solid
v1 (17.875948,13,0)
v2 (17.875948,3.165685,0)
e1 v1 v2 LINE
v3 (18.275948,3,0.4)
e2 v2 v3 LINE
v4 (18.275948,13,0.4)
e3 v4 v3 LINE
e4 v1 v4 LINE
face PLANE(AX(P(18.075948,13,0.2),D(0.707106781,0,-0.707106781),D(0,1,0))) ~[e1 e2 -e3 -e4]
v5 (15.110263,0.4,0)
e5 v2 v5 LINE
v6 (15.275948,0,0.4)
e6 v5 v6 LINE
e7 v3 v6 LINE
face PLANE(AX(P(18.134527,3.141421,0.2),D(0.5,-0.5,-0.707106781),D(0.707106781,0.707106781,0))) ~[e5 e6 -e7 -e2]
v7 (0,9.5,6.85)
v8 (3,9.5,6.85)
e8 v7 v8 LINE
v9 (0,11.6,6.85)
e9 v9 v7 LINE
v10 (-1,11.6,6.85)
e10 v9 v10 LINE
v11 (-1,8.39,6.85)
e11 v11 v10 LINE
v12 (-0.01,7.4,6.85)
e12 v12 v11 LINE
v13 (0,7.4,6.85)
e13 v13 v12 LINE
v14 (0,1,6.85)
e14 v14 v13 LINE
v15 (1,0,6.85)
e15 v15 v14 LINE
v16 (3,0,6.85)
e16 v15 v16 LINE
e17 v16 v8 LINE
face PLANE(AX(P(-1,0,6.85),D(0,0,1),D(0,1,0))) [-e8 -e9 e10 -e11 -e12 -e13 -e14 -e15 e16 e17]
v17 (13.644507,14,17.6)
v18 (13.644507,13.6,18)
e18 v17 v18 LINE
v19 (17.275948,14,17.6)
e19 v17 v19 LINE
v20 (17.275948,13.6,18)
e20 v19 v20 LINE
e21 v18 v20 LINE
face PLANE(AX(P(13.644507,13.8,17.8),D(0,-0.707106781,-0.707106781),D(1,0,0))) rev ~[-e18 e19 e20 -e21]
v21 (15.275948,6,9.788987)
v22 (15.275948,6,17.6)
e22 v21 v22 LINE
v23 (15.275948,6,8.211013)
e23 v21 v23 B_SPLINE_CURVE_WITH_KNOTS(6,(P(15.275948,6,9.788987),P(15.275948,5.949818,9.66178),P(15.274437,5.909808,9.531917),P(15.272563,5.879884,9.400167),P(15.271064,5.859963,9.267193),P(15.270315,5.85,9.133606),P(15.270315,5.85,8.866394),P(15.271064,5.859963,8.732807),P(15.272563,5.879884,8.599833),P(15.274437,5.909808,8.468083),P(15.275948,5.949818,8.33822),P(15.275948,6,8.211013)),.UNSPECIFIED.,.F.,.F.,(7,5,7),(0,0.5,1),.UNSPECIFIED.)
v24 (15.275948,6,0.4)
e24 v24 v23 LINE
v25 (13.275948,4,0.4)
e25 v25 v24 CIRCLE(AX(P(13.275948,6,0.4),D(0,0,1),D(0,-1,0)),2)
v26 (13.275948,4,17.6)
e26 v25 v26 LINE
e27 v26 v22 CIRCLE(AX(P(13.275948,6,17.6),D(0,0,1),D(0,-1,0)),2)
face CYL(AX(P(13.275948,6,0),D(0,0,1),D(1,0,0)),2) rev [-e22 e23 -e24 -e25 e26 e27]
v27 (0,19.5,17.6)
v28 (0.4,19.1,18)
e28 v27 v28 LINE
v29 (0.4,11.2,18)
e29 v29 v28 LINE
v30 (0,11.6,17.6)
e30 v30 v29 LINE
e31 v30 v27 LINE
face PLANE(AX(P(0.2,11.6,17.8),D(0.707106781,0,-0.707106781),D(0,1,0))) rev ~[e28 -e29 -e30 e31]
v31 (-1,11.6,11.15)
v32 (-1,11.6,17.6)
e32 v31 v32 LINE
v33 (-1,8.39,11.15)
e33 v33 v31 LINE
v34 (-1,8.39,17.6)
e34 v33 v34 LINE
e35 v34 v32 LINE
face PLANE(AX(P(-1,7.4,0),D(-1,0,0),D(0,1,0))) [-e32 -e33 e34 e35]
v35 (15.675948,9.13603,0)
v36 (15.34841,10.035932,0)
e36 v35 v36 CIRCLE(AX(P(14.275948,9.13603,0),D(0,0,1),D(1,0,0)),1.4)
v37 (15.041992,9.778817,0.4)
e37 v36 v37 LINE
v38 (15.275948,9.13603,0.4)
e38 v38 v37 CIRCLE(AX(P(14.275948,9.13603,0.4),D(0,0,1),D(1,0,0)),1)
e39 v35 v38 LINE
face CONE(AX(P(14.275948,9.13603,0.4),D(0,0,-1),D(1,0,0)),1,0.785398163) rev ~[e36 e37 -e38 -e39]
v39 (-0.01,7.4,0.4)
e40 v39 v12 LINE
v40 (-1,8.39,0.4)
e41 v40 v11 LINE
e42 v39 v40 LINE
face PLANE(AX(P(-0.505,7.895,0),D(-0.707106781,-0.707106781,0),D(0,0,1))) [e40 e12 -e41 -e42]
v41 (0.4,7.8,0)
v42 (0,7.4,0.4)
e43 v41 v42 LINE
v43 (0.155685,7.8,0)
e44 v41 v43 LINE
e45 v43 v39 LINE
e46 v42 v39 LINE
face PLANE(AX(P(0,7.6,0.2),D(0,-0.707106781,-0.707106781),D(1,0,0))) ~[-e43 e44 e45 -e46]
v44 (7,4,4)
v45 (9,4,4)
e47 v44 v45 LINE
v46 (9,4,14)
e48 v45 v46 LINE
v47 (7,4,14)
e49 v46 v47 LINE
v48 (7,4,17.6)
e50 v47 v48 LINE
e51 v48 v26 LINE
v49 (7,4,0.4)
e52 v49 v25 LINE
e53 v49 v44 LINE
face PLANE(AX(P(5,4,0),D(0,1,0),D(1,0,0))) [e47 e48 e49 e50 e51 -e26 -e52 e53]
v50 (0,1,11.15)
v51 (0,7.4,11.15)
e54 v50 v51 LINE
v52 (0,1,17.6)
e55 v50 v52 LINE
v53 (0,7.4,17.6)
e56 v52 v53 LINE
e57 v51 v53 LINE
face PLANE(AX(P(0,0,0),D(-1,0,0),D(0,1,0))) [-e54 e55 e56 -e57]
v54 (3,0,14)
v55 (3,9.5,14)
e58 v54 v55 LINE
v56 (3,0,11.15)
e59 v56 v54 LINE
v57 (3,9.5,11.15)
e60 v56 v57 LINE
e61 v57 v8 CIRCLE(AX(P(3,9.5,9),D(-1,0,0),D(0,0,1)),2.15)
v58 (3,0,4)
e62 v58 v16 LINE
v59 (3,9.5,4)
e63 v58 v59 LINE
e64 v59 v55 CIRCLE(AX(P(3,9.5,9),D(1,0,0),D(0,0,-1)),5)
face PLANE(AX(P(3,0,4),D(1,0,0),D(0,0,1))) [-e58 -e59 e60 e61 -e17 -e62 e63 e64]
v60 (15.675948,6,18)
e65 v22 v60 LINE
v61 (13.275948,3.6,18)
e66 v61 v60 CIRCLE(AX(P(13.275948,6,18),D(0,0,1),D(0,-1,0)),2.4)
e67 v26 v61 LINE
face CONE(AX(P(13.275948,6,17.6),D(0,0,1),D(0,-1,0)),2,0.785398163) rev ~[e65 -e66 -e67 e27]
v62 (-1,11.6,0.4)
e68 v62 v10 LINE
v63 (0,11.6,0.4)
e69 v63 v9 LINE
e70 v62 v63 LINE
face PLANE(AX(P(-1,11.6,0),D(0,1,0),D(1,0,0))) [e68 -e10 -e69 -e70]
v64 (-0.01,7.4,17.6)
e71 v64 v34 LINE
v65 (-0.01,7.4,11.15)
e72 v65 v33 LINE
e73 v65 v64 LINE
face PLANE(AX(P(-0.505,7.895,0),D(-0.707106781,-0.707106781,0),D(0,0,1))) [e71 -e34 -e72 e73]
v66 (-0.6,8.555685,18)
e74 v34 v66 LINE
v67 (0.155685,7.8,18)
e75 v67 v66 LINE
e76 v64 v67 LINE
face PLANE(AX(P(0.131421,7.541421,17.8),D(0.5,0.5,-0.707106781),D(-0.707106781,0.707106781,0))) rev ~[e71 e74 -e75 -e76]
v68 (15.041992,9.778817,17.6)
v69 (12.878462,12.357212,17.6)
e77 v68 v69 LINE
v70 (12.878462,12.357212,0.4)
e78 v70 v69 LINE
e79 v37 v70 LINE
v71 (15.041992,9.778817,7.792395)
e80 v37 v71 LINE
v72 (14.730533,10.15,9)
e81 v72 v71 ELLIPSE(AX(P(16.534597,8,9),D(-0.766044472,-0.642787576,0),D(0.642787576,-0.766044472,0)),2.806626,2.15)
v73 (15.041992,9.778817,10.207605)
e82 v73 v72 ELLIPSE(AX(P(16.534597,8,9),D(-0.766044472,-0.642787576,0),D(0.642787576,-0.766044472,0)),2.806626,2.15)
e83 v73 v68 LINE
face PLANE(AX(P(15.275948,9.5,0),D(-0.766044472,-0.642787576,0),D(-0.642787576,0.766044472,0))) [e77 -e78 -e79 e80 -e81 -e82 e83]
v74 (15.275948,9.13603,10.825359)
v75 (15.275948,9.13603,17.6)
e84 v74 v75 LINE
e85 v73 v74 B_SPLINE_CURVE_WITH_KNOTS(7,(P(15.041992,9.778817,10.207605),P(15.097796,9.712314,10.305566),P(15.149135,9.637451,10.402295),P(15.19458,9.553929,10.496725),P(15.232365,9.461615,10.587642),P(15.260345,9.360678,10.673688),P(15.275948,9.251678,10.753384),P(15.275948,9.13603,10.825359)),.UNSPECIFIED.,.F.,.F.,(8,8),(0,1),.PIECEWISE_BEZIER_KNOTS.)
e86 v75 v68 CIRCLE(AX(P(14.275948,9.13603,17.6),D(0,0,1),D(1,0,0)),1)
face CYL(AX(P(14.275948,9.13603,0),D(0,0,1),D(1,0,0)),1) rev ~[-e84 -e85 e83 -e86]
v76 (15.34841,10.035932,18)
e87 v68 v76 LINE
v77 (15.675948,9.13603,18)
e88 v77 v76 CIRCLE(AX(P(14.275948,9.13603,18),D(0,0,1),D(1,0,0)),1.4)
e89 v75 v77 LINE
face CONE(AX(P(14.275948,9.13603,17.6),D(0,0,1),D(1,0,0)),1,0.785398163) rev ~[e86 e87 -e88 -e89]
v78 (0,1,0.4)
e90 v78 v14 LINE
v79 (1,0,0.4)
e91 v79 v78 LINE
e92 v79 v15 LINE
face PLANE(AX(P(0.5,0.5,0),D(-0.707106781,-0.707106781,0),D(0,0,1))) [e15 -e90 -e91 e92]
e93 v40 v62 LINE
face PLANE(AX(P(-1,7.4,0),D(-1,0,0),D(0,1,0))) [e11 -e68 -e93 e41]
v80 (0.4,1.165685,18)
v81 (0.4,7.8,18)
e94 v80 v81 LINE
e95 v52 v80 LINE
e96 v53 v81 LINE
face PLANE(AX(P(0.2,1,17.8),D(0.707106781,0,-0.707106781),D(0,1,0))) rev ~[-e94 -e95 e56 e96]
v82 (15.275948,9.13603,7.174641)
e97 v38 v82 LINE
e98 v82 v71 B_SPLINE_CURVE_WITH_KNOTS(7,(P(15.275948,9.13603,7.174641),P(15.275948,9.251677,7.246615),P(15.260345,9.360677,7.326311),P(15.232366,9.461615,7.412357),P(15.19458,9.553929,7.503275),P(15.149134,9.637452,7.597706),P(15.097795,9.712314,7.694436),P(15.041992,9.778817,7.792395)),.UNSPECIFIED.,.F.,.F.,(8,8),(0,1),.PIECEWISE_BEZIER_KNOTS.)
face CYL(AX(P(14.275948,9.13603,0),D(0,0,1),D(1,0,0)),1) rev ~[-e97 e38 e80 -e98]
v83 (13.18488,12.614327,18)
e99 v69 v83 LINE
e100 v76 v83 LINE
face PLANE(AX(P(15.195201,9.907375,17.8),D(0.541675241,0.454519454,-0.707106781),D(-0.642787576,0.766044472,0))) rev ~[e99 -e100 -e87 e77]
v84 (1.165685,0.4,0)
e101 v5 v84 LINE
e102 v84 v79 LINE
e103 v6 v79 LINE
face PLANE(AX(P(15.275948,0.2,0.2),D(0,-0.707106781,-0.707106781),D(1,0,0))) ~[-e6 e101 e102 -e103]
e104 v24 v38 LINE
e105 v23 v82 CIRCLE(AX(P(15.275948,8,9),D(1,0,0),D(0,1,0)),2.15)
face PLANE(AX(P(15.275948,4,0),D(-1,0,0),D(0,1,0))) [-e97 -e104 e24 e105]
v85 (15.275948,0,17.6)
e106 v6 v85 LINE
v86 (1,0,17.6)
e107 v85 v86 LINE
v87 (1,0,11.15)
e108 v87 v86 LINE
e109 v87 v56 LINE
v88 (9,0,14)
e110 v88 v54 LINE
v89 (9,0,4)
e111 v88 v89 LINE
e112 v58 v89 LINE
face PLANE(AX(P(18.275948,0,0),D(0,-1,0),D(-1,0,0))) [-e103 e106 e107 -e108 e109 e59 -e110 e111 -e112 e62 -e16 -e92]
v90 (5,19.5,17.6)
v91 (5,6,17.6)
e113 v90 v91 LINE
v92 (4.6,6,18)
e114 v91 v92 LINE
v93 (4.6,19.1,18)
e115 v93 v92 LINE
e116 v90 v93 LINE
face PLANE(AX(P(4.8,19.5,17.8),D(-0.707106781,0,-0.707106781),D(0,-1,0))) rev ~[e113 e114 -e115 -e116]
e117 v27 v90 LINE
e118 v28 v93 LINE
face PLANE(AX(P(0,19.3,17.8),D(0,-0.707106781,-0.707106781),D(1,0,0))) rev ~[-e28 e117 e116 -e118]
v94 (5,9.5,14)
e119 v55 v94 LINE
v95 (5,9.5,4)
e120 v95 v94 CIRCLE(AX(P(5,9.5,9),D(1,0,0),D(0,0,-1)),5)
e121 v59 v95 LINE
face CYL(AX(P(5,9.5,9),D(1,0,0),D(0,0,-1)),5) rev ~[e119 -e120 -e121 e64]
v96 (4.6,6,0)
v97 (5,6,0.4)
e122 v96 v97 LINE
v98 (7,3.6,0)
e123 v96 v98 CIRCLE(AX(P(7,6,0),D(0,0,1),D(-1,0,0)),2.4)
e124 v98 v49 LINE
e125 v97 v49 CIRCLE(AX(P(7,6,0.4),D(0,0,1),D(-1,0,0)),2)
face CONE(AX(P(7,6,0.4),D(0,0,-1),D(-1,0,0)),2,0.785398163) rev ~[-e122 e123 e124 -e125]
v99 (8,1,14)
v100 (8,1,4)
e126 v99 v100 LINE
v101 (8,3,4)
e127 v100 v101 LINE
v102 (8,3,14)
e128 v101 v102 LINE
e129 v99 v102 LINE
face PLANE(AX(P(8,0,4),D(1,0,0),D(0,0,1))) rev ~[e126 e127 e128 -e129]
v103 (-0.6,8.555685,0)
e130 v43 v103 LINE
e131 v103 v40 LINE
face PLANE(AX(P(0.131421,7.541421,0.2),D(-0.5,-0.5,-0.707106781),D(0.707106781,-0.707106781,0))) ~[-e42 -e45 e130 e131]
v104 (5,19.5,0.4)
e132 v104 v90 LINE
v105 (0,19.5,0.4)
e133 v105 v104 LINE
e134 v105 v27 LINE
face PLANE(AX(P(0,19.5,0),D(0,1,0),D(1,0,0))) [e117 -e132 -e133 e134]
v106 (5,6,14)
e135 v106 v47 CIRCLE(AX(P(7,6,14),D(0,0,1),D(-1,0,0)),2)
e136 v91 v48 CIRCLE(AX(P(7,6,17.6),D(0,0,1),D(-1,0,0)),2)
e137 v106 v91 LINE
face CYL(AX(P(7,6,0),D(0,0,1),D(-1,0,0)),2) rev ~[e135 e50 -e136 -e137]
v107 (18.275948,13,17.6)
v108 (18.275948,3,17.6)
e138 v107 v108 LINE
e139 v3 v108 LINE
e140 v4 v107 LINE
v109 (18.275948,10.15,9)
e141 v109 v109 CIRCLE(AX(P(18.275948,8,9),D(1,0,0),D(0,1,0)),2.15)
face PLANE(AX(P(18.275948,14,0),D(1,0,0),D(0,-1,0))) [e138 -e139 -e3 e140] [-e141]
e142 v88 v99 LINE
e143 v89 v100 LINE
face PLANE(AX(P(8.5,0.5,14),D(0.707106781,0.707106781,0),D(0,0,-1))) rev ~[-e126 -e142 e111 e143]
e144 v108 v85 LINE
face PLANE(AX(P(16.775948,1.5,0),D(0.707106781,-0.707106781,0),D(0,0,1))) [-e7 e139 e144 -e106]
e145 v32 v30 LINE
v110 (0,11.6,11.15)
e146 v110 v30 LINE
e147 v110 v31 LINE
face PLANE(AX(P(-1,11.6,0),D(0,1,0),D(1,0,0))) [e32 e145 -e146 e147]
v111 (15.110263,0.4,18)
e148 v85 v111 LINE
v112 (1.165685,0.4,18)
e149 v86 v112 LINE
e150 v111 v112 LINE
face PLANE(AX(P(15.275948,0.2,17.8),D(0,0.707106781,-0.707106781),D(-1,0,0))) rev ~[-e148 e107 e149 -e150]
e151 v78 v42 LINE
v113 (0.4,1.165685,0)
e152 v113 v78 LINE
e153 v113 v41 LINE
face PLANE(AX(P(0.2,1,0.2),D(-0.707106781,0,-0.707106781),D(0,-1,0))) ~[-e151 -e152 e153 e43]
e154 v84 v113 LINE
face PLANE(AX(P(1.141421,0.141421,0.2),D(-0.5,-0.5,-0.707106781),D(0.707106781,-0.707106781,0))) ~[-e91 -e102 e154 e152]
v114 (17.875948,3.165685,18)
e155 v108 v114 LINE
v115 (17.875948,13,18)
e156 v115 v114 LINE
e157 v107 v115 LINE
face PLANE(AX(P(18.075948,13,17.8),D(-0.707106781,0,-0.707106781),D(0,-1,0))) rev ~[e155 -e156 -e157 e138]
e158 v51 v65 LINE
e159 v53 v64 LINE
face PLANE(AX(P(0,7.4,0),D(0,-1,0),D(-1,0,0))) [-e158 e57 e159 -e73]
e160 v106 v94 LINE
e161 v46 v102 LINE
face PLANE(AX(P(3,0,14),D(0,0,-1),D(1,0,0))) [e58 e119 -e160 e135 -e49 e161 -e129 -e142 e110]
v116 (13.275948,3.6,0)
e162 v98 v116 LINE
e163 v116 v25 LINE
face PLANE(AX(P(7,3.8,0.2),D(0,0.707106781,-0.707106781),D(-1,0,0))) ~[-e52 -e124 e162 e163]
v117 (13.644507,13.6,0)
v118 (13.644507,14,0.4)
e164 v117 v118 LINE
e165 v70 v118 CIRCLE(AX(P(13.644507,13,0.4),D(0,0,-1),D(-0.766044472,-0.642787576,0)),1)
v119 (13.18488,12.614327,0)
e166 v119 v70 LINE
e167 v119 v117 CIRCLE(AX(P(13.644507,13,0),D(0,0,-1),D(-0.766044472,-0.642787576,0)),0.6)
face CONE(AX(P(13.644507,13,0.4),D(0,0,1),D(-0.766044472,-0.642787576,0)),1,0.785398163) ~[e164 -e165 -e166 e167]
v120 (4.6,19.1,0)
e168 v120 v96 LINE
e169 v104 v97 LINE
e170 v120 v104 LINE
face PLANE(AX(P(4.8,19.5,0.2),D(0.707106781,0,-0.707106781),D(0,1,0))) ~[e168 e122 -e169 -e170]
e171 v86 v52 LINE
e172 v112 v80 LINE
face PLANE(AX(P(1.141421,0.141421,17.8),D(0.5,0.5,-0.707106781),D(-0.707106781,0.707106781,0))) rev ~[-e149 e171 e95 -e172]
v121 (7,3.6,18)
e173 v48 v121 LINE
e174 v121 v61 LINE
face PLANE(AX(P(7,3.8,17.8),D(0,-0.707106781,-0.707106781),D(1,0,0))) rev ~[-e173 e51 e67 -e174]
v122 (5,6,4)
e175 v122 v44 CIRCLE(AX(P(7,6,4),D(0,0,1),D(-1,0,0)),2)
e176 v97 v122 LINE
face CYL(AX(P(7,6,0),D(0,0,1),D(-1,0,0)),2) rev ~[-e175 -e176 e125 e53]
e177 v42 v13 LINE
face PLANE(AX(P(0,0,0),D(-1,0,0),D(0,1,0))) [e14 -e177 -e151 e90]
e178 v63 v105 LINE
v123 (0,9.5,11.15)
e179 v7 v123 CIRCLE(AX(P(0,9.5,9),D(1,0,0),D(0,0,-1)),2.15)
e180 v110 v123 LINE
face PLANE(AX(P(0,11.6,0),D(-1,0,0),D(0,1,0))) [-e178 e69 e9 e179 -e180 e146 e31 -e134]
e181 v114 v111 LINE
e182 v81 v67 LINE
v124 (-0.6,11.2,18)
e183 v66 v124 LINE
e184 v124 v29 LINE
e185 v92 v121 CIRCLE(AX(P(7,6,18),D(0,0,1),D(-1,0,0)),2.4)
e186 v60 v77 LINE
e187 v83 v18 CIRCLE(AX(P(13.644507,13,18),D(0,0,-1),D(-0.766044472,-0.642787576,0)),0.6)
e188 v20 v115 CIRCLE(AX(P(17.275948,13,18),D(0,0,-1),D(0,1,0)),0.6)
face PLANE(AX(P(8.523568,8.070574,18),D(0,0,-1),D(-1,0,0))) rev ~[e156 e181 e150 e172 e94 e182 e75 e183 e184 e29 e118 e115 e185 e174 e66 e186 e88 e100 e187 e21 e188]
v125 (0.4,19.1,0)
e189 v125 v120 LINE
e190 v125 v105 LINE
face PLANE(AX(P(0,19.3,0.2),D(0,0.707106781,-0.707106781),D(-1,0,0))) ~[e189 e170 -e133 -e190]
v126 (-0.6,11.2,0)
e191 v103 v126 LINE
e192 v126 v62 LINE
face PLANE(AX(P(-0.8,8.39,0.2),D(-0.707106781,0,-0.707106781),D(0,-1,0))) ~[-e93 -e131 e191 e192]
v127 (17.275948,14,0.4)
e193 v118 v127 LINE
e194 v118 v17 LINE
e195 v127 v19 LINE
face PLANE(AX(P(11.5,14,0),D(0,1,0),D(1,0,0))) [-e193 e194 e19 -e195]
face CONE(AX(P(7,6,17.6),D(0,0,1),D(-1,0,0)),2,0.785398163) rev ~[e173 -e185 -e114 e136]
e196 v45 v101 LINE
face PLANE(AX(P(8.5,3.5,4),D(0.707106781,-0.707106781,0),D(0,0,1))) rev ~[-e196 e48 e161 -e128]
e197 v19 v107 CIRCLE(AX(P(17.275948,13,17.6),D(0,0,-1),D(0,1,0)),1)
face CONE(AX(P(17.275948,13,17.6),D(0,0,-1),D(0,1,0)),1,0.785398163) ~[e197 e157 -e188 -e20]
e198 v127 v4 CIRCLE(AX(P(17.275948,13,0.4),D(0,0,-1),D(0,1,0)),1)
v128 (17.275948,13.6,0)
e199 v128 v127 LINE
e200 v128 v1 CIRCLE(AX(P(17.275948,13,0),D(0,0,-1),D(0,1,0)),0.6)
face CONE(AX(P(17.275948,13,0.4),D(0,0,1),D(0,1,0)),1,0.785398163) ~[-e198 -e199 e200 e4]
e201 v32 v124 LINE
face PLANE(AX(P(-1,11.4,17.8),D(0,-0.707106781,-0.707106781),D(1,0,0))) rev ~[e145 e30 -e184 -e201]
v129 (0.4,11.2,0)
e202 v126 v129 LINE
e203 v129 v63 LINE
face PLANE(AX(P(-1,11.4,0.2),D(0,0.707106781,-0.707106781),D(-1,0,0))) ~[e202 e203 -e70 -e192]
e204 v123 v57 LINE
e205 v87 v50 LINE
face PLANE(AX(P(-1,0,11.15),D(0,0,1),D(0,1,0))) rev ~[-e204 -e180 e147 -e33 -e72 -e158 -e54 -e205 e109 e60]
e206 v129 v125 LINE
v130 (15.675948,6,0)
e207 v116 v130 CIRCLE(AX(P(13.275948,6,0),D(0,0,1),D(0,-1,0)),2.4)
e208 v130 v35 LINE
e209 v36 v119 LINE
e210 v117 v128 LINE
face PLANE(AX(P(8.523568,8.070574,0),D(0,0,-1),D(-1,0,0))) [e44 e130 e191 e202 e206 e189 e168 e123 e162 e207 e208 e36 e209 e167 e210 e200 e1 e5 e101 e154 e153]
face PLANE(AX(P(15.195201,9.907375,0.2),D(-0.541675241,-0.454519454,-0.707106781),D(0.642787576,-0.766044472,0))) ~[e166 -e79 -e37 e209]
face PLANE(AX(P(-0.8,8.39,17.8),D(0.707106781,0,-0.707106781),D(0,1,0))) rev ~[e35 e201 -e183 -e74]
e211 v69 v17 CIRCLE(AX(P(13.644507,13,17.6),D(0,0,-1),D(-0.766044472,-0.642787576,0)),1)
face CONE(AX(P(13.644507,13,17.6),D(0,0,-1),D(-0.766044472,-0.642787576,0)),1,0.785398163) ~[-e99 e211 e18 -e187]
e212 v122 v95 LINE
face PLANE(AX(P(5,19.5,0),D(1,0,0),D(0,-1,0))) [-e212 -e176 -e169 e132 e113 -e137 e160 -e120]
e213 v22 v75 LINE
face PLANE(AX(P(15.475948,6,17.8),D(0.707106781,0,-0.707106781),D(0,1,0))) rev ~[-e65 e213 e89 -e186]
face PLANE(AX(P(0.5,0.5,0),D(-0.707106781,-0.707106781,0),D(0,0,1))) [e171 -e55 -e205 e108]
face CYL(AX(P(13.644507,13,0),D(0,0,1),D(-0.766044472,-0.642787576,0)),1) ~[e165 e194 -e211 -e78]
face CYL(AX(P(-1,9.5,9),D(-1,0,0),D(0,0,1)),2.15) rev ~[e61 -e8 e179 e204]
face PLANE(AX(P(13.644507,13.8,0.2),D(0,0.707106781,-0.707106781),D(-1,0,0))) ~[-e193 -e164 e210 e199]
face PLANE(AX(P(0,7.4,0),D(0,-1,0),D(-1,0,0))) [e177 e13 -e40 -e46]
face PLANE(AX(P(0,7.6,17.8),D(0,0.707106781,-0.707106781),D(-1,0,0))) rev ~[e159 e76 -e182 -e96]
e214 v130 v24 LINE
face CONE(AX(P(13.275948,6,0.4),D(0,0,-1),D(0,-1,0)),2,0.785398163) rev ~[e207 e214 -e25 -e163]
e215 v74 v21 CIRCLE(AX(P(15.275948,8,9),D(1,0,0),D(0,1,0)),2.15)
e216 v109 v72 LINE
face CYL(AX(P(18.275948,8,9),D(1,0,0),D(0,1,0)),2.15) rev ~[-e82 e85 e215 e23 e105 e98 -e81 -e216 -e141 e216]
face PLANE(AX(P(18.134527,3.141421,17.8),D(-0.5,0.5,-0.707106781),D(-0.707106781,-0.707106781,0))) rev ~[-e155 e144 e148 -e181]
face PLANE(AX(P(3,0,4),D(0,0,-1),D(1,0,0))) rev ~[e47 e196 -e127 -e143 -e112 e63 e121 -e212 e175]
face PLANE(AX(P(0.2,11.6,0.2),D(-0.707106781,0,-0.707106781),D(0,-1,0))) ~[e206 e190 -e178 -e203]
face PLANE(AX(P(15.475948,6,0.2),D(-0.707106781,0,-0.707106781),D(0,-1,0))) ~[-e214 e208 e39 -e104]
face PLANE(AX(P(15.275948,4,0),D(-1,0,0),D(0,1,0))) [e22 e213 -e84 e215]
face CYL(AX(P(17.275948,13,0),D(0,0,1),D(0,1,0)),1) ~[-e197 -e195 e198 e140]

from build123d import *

# Parameters (mm, degrees)
PAD_DEPTH       = 18
CHAMFER_SIZE    = 0.99
FILLET_R        = 2
FILLET001_R     = 1
CHAMFER001_SIZE = 3
CHAMFER002_SIZE = 1
CHAMFER003_SIZE = 0.4
POCKET_DEPTH    = 9
SKETCH002_R     = 2.15
POCKET001_DEPTH = 5
SKETCH003_W     = 5
SKETCH003_H     = 10
POCKET002_DEPTH = 9.5
POCKET003_DEPTH = 2
SKETCH005_W     = 6
SKETCH005_H     = 4.3
POCKET004_DEPTH = 1
CHAMFER004_SIZE = 1


with BuildPart() as part:
    # Sketch → Pad (new body)
    with BuildSketch(Plane.XY):
        Polygon((0, 0), (0, 7.4), (-1, 7.4), (-1, 11.6), (0, 11.6), (0, 19.5), (5, 19.5), (5, 4), (15.275948, 4), (15.275948, 9.5), (11.5, 14), (18.275948, 14), (18.275948, 0), align=None)
    extrude(amount=PAD_DEPTH)

    # Chamfer
    chamfer_edges = [part.edges().sort_by_distance(p)[0] for p in [
        (-1, 7.4, 9),
    ]]
    chamfer(chamfer_edges, length=CHAMFER_SIZE)

    # Fillet
    fillet_edges = [part.edges().sort_by_distance(p)[0] for p in [
        (5, 4, 9),
        (15.275948, 4, 9),
    ]]
    fillet(fillet_edges, radius=FILLET_R)

    # Fillet001
    fillet001_edges = [part.edges().sort_by_distance(p)[0] for p in [
        (11.5, 14, 9),
        (15.275948, 9.5, 9),
        (18.275948, 14, 9),
    ]]
    fillet(fillet001_edges, radius=FILLET001_R)

    # Chamfer001
    chamfer001_edges = [part.edges().sort_by_distance(p)[0] for p in [
        (18.275948, 0, 9),
    ]]
    chamfer(chamfer001_edges, length=CHAMFER001_SIZE)

    # Chamfer002
    chamfer002_edges = [part.edges().sort_by_distance(p)[0] for p in [
        (0, 0, 9),
    ]]
    chamfer(chamfer002_edges, length=CHAMFER002_SIZE)

    # Chamfer003
    chamfer003_edges = [part.edges().sort_by_distance(p)[0] for p in [
        (8.137974, 0, 18),
        (0.5, 0.5, 18),
        (16.775948, 1.5, 18),
        (0, 4.2, 18),
        (18.275948, 8, 18),
        (-0.005, 7.4, 18),
        (17.983055, 13.707107, 18),
        (-0.505, 7.895, 18),
        (15.460228, 14, 18),
        (-1, 9.995, 18),
        (12.738199, 13.422618, 18),
        (-0.5, 11.6, 18),
        (13.960228, 11.068015, 18),
        (0, 15.55, 18),
        (15.215641, 9.47805, 18),
        (2.5, 19.5, 18),
        (15.275948, 7.568015, 18),
        (5, 12.75, 18),
        (14.690162, 4.585786, 18),
        (5.585786, 4.585786, 18),
        (10.137974, 4, 18),
        (8.137974, 0, 0),
        (0.5, 0.5, 0),
        (16.775948, 1.5, 0),
        (0, 4.2, 0),
        (18.275948, 8, 0),
        (-0.005, 7.4, 0),
        (17.983055, 13.707107, 0),
        (-0.505, 7.895, 0),
        (15.460228, 14, 0),
        (-1, 9.995, 0),
        (12.738199, 13.422618, 0),
        (-0.5, 11.6, 0),
        (13.960228, 11.068015, 0),
        (0, 15.55, 0),
        (15.215641, 9.47805, 0),
        (2.5, 19.5, 0),
        (15.275948, 7.568015, 0),
        (5, 12.75, 0),
        (14.690162, 4.585786, 0),
        (5.585786, 4.585786, 0),
        (10.137974, 4, 0),
    ]]
    chamfer(chamfer003_edges, length=CHAMFER003_SIZE)

    # Sketch001 (on Face33 of Clone) → Pocket (cut)
    with BuildSketch(Plane(origin=(-1, 0, 0), x_dir=(0, -1, 0), z_dir=(-1, 0, 0))):
        with BuildLine():
            ThreePointArc((-9.5, 11.15), (-11.65, 9), (-9.5, 6.85))
            Line((0, 6.85), (-9.5, 6.85))
            Line((0, 6.85), (0, 11.15))
            Line((0, 11.15), (-9.5, 11.15))
        make_face()
    extrude(amount=-POCKET_DEPTH, mode=Mode.SUBTRACT)

    # Sketch002 (on Face26 of Pocket) → Pocket001 (cut)
    with BuildSketch(Plane.YZ.offset(18.275948)):
        with Locations((8, 9)):
            Circle(SKETCH002_R)
    extrude(amount=-POCKET001_DEPTH, mode=Mode.SUBTRACT)

    # Sketch003 (on Face23 of Pocket001) → Pocket002 (cut)
    with BuildSketch(Plane.XZ):
        with Locations((5.5, 9)):
            Rectangle(SKETCH003_W, SKETCH003_H)
    extrude(amount=-POCKET002_DEPTH, mode=Mode.SUBTRACT)

    # Sketch004 (on Face41 of Pocket002) → Pocket003 (cut)
    with BuildSketch(Plane.YZ.offset(5)):
        with BuildLine():
            ThreePointArc((9.5, 4), (14.5, 9), (9.5, 14))
            Line((9.5, 14), (9.5, 4))
        make_face()
    extrude(amount=-POCKET003_DEPTH, mode=Mode.SUBTRACT)

    # Sketch005 (on Face33 of Pocket003) → Pocket004 (cut)
    with BuildSketch(Plane(origin=(-1, 0, 0), x_dir=(0, -1, 0), z_dir=(-1, 0, 0))):
        with Locations((-10.4, 9)):
            Rectangle(SKETCH005_W, SKETCH005_H)
    extrude(amount=-POCKET004_DEPTH, mode=Mode.SUBTRACT)

    # Chamfer004
    chamfer004_edges = [part.edges().sort_by_distance(p)[0] for p in [
        (8, 4, 9),
        (8, 0, 9),
    ]]
    chamfer(chamfer004_edges, length=CHAMFER004_SIZE)


solid = part.part
